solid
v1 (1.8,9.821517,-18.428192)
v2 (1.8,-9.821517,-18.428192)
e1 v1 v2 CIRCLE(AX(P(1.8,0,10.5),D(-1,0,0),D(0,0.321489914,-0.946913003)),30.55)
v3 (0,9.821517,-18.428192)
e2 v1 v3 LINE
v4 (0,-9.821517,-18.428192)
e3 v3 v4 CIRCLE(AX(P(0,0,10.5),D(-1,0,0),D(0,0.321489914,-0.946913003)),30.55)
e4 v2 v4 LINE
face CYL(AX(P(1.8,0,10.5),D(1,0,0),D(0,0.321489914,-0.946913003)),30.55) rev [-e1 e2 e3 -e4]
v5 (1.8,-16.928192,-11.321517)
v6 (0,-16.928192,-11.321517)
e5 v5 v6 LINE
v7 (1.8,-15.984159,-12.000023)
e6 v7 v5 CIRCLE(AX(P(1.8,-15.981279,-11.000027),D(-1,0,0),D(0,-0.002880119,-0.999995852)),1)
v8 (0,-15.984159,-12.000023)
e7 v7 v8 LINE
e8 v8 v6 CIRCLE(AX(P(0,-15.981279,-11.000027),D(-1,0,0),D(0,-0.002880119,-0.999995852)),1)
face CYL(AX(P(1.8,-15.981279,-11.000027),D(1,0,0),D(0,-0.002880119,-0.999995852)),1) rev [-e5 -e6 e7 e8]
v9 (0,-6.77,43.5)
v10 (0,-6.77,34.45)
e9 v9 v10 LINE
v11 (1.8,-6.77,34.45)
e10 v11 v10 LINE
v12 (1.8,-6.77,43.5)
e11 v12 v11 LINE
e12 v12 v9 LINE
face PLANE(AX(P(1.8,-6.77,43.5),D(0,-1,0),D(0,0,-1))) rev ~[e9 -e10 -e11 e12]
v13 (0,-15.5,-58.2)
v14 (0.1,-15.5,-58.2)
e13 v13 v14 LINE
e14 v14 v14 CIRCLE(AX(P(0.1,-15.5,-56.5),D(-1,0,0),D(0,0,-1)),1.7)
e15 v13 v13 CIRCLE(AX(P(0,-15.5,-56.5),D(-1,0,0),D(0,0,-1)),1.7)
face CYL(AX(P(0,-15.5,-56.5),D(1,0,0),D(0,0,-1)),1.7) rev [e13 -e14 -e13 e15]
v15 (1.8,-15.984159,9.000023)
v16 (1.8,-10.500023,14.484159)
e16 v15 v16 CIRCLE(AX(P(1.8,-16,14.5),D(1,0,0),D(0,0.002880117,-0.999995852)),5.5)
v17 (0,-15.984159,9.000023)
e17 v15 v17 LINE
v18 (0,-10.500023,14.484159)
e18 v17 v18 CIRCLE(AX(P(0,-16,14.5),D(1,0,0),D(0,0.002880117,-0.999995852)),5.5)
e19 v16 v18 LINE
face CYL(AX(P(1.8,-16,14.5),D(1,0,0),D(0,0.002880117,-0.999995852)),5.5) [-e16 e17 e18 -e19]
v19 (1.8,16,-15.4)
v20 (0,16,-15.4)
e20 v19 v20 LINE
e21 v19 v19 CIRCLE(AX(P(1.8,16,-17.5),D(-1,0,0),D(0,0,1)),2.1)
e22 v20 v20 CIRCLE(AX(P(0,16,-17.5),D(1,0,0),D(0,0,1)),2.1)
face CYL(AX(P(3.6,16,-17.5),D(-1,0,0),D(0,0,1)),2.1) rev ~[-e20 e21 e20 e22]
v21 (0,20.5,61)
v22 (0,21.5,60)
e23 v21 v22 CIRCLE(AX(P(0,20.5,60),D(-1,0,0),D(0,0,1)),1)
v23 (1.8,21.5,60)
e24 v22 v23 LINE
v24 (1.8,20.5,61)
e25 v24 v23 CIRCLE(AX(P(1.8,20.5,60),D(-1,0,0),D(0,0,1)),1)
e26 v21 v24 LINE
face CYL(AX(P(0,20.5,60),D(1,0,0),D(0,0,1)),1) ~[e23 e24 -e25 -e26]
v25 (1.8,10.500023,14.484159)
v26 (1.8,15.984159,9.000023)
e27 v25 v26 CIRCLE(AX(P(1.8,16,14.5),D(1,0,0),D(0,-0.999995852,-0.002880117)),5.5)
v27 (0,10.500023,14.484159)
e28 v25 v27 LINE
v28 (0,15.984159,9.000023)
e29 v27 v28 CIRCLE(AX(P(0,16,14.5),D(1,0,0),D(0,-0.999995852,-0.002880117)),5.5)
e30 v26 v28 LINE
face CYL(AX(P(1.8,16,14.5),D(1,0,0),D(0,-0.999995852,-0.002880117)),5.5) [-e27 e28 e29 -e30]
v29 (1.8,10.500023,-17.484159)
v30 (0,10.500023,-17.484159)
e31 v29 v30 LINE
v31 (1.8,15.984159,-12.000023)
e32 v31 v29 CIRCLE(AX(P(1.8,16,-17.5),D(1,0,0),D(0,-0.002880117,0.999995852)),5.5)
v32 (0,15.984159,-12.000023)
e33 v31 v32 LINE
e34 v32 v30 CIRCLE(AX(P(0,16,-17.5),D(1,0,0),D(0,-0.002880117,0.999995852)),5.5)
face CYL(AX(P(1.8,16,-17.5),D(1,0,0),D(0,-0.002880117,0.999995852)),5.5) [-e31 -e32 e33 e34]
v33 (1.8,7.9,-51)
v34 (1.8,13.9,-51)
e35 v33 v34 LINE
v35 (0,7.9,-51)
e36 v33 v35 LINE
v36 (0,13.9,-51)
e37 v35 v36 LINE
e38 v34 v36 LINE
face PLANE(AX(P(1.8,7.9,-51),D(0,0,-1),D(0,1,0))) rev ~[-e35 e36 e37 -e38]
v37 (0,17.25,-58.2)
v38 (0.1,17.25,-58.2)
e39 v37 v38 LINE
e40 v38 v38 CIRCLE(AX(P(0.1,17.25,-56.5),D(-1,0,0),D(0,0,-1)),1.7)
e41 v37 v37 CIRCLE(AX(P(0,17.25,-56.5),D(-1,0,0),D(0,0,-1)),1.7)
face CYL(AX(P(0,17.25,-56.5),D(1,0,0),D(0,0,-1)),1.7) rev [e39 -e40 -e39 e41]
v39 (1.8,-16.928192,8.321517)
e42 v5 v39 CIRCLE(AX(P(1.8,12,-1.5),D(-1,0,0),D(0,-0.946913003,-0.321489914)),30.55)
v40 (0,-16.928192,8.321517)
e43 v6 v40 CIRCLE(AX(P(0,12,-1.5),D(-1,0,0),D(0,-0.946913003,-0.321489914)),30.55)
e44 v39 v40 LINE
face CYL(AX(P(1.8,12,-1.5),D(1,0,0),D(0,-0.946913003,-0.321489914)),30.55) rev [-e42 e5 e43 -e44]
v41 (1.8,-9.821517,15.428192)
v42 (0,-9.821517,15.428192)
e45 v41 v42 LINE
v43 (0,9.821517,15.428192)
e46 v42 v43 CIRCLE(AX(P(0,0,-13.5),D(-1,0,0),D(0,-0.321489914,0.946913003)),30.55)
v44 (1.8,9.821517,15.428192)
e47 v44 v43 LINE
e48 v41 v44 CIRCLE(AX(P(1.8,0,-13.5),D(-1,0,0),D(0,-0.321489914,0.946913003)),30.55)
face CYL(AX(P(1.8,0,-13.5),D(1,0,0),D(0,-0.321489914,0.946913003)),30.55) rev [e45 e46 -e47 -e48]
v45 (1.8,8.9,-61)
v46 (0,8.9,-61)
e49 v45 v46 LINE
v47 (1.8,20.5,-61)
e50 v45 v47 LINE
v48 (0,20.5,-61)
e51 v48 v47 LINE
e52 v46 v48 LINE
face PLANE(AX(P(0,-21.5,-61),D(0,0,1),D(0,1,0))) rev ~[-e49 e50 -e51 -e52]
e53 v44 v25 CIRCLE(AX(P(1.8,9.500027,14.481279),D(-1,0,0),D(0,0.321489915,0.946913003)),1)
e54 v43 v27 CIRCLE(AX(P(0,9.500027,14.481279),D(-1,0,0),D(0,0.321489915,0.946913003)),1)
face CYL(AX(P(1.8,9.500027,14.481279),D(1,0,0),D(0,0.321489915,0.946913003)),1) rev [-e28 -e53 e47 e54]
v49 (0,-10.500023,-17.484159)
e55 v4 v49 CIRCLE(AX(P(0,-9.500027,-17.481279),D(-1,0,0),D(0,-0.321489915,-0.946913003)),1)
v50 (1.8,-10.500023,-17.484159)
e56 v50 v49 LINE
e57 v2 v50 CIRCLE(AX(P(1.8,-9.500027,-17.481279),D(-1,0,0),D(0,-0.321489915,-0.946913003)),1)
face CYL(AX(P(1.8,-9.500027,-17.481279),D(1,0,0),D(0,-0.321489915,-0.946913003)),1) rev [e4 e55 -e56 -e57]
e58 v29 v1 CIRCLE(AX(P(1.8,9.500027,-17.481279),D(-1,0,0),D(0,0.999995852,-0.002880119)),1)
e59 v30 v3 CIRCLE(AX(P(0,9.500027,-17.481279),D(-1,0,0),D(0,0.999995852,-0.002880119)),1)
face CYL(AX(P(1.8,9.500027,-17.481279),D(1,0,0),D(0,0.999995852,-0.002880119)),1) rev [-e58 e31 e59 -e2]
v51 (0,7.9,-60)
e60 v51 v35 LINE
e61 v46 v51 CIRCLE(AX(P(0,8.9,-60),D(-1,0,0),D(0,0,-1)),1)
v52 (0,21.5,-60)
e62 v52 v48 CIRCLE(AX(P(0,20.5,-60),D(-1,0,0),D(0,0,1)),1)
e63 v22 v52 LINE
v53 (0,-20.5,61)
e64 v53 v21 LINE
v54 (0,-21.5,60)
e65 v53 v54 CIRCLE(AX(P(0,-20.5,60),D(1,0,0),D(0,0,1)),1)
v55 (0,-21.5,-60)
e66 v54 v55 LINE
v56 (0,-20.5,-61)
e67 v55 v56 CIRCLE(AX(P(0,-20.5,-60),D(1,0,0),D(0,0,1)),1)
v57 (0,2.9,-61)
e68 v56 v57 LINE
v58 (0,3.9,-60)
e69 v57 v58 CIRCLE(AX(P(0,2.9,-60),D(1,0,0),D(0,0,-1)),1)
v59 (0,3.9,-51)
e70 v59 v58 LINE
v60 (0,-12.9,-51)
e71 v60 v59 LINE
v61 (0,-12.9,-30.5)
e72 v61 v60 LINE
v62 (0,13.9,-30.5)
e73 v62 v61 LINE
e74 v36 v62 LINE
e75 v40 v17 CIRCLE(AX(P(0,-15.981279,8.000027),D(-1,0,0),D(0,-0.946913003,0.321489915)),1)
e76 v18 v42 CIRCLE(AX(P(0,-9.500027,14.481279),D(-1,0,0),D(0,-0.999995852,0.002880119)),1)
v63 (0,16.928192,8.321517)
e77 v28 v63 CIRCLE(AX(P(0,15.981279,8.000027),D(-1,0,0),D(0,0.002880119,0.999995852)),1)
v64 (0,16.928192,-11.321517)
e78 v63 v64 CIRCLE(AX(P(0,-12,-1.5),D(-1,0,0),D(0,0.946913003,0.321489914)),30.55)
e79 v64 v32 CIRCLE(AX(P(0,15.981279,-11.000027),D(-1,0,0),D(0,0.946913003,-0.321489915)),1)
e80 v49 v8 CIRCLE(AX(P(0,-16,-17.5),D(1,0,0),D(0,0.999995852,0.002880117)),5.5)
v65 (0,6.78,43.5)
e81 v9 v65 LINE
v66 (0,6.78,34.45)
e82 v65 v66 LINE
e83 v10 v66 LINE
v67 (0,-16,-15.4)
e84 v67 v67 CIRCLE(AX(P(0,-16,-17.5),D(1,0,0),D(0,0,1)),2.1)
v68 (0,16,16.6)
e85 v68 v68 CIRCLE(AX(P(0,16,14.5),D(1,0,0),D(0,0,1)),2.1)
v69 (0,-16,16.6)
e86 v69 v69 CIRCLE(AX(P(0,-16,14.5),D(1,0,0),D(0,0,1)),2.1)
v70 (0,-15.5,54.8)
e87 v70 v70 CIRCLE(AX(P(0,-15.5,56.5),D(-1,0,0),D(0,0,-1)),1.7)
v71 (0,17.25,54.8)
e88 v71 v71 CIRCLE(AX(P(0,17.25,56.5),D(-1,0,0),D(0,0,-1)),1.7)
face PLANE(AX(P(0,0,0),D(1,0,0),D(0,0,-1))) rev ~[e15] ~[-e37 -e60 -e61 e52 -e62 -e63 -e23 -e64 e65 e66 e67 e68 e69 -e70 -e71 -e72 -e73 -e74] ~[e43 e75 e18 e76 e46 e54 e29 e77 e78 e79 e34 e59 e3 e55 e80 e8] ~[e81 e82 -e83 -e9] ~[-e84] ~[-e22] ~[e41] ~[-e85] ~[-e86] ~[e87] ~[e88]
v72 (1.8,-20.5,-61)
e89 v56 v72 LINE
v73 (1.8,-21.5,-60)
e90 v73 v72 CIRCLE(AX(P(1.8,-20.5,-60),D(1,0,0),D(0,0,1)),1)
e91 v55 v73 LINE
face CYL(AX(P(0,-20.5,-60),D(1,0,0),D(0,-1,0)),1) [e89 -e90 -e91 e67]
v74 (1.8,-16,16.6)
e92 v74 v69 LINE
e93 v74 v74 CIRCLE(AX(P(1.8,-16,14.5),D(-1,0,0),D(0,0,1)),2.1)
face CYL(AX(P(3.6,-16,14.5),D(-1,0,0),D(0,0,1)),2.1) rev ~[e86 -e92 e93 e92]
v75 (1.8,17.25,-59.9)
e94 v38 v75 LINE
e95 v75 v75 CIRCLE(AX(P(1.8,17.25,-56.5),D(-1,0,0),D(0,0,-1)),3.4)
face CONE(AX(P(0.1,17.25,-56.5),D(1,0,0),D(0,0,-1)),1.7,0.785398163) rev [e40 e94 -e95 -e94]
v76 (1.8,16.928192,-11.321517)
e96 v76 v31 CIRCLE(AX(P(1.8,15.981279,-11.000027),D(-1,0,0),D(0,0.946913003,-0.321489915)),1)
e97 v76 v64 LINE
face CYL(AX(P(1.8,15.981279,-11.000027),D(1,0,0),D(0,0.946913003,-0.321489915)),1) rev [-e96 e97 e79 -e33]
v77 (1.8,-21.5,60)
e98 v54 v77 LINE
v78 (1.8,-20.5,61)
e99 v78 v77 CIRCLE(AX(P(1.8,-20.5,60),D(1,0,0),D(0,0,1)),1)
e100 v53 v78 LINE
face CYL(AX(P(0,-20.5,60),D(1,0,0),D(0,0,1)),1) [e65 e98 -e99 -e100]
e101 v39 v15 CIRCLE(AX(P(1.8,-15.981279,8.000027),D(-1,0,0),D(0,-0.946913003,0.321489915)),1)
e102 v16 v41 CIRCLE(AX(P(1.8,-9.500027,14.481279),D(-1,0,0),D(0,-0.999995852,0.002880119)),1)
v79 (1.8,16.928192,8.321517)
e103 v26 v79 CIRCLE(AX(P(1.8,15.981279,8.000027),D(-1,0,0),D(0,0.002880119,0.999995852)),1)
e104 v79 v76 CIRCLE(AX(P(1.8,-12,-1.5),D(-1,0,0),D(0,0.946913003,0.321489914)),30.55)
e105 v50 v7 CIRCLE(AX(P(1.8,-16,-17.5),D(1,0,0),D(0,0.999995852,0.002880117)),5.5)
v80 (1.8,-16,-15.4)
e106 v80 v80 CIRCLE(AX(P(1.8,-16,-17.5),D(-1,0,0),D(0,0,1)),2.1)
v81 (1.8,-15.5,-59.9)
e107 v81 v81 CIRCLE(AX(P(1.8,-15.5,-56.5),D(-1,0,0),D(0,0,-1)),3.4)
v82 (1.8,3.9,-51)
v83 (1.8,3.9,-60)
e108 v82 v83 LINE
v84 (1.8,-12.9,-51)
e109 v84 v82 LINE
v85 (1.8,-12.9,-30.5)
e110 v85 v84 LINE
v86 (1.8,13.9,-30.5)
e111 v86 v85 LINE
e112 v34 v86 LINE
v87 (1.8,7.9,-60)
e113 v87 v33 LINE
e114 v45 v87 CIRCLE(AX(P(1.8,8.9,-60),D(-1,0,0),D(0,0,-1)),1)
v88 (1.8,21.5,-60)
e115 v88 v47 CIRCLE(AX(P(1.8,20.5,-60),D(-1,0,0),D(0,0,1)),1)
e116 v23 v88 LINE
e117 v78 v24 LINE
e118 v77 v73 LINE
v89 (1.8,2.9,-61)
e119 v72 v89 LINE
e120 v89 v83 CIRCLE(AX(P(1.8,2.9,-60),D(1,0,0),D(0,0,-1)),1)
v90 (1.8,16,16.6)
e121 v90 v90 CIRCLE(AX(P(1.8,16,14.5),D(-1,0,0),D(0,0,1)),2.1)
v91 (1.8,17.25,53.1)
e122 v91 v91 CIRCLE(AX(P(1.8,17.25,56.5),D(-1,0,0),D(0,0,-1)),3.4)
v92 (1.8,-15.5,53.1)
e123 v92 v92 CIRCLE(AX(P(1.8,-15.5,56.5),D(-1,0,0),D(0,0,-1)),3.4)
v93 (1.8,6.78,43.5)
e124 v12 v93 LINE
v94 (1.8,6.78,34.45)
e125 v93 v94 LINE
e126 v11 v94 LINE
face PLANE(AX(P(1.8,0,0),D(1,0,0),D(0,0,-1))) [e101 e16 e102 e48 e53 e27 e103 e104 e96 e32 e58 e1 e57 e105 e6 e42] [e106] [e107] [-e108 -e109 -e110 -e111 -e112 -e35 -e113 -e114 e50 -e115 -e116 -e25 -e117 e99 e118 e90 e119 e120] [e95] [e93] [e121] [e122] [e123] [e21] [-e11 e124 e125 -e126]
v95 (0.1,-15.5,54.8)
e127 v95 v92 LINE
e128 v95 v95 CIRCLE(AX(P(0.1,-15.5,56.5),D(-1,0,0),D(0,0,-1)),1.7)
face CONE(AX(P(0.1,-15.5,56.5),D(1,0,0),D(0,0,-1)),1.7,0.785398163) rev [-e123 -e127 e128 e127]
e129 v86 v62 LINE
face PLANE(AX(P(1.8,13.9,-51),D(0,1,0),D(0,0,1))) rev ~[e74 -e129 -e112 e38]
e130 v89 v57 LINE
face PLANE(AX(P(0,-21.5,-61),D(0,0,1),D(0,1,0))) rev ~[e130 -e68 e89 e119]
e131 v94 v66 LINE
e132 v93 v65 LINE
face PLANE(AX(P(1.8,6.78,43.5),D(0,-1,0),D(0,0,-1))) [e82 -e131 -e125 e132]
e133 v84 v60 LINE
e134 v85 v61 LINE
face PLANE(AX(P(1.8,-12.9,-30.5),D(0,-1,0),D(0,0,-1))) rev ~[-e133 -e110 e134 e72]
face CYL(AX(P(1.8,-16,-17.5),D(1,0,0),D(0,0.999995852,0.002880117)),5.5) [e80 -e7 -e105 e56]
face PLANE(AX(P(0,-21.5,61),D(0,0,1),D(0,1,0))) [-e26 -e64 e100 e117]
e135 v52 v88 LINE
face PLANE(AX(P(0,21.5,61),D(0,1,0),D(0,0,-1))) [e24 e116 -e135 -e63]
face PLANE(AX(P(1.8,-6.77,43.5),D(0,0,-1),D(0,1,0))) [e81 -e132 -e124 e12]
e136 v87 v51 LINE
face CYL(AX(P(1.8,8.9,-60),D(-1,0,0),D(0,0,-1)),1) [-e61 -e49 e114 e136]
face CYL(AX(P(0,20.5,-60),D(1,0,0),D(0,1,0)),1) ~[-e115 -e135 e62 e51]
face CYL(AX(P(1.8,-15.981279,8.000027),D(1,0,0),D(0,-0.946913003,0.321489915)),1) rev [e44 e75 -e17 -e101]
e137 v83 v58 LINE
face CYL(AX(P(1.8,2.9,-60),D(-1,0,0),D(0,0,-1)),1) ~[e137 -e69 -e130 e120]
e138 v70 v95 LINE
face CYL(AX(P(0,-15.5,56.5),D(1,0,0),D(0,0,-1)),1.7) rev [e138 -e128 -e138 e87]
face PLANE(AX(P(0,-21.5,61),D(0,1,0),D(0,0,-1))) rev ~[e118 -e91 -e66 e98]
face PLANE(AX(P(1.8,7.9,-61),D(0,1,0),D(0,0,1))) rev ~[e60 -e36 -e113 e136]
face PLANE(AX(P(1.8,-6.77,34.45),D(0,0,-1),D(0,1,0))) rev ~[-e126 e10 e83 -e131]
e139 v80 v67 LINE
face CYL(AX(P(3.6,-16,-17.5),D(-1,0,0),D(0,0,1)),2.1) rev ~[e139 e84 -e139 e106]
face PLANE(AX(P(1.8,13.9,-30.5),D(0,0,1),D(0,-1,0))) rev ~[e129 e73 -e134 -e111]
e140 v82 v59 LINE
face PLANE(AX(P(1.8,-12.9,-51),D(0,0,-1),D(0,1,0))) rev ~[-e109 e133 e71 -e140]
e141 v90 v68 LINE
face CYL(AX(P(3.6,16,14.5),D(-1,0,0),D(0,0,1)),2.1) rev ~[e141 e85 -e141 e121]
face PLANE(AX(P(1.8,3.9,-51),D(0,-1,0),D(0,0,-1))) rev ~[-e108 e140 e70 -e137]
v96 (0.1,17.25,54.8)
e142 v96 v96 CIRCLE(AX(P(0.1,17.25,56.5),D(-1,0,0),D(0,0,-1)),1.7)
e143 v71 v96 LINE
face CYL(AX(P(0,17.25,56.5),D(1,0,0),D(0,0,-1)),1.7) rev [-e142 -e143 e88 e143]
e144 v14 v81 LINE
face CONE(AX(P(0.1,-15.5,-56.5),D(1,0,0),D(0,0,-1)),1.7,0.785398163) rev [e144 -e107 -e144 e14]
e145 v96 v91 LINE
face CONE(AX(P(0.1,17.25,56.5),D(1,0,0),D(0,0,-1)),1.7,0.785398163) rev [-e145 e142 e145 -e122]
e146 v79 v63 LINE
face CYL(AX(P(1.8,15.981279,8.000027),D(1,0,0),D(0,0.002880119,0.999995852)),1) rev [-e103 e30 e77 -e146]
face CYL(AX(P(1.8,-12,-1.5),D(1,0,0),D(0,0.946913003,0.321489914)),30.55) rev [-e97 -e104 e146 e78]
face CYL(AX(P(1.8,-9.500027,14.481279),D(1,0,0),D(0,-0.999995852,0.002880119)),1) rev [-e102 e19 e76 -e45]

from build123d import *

# Parameters (mm, degrees)
SKETCH1_W                                    = 122
SKETCH1_H                                    = 43
BOSS_EXTRUDE1_DEPTH                          = 1.8
SKETCH2_W                                    = 9.05
SKETCH2_H                                    = 13.55
CUT_EXTRUDE1_DEPTH                           = 1.8
CSK_FOR_M3_COUNTERSUNK_FLAT_HEAD_SCR_2_COUNT = 2
CSK_FOR_M3_COUNTERSUNK_FLAT_HEAD_SCR_2_PITCH = 32.75
CSK_FOR_M3_COUNTERSUNK_FLAT_HEAD_SCR_3_COUNT = 2
CSK_FOR_M3_COUNTERSUNK_FLAT_HEAD_SCR_3_PITCH = 117.650169996
CSK_FOR_M3_COUNTERSUNK_FLAT_HEAD_SCR_4_COUNT = 2
CSK_FOR_M3_COUNTERSUNK_FLAT_HEAD_SCR_4_PITCH = 113
CUT_EXTRUDE2_DEPTH                           = 1.8
FILLET1_R                                    = 1
F_4_2_4_2_DIAMETER_HOLE1_D                   = 4.2
F_4_2_4_2_DIAMETER_HOLE1_DEPTH               = 1.8
F_4_2_4_2_DIAMETER_HOLE1_TIP                 = 1.2618073
CUT_EXTRUDE3_DEPTH                           = 1.8


with BuildPart() as part:
    # Sketch1 → Boss-Extrude1 (new body)
    with BuildSketch(Plane(origin=(0, 0, 0), x_dir=(0, 0, -1), z_dir=(1, 0, 0))):
        Rectangle(SKETCH1_W, SKETCH1_H)
    extrude(amount=BOSS_EXTRUDE1_DEPTH)

    # Sketch2 → Cut-Extrude1 (cut)
    with BuildSketch(Plane(origin=(1.8, 0, 0), x_dir=(0, 0, -1), z_dir=(1, 0, 0))):
        with Locations((-38.975, 0.005)):
            Rectangle(SKETCH2_W, SKETCH2_H)
    extrude(amount=-CUT_EXTRUDE1_DEPTH, mode=Mode.SUBTRACT)

    # Sketch3 → CSK for M3 Countersunk Flat Head Screw1 (revolve, cut)
    with BuildSketch(Plane(origin=(1.8, -15.5, 56.5), x_dir=(0, 0, -1), z_dir=(0, 1, 0))):
        Polygon((0, 0), (0, 1.8), (1.7, 1.8), (1.7, 1.7), (3.4, 0), align=None)
    csk_for_m3_countersunk_flat_head_screw1 = revolve(axis=Axis((8.15, -15.5, 56.5), (-1, 0, 0)), mode=Mode.SUBTRACT)

    # CSK for M3 Countersunk Flat Head Scr 2: CSK for M3 Countersunk Flat Head Screw1 ×2
    with Locations(*[(0, i * CSK_FOR_M3_COUNTERSUNK_FLAT_HEAD_SCR_2_PITCH, 0) for i in range(1, CSK_FOR_M3_COUNTERSUNK_FLAT_HEAD_SCR_2_COUNT)]):
        add(csk_for_m3_countersunk_flat_head_screw1, mode=Mode.SUBTRACT)

    # CSK for M3 Countersunk Flat Head Scr 3: CSK for M3 Countersunk Flat Head Screw1 ×2
    with Locations(*[Vector(0, 0.278367639, -0.9604746) * (i * CSK_FOR_M3_COUNTERSUNK_FLAT_HEAD_SCR_3_PITCH) for i in range(1, CSK_FOR_M3_COUNTERSUNK_FLAT_HEAD_SCR_3_COUNT)]):
        add(csk_for_m3_countersunk_flat_head_screw1, mode=Mode.SUBTRACT)

    # CSK for M3 Countersunk Flat Head Scr 4: CSK for M3 Countersunk Flat Head Screw1 ×2
    with Locations(*[(0, 0, -i * CSK_FOR_M3_COUNTERSUNK_FLAT_HEAD_SCR_4_PITCH) for i in range(1, CSK_FOR_M3_COUNTERSUNK_FLAT_HEAD_SCR_4_COUNT)]):
        add(csk_for_m3_countersunk_flat_head_screw1, mode=Mode.SUBTRACT)

    # Sketch5 → Cut-Extrude2 (cut)
    with BuildSketch(Plane(origin=(1.8, 0, 0), x_dir=(0, 0, -1), z_dir=(1, 0, 0))):
        Polygon((30.5, -12.9), (51, -12.9), (51, 3.9), (61, 3.9), (61, 7.9), (51, 7.9), (51, 13.9), (30.5, 13.9), align=None)
    extrude(amount=-CUT_EXTRUDE2_DEPTH, mode=Mode.SUBTRACT)

    # Fillet1
    fillet1_edges = [part.edges().sort_by_distance(p)[0] for p in [
        (0.9, 7.9, -61),
        (0.9, 3.9, -61),
        (0.9, 21.5, 61),
        (0.9, 21.5, -61),
        (0.9, -21.5, -61),
        (0.9, -21.5, 61),
    ]]
    fillet(fillet1_edges, radius=FILLET1_R)

    # Ø4.2 (4.2) Diameter Hole1
    with Locations(Plane(origin=(1.8, 0, 0), x_dir=(0, 0, -1), z_dir=(1, 0, 0))):
        with Locations((-14.5, 16), (17.5, 16), (17.5, -16), (-14.5, -16)):
            Hole(F_4_2_4_2_DIAMETER_HOLE1_D / 2, depth=F_4_2_4_2_DIAMETER_HOLE1_DEPTH)
            with Locations((0, 0, -(F_4_2_4_2_DIAMETER_HOLE1_DEPTH + F_4_2_4_2_DIAMETER_HOLE1_TIP / 2))):  # 118° drill point
                Cone(0, F_4_2_4_2_DIAMETER_HOLE1_D / 2, F_4_2_4_2_DIAMETER_HOLE1_TIP, mode=Mode.SUBTRACT)

    # Sketch8 → Cut-Extrude3 (cut)
    with BuildSketch(Plane(origin=(1.8, 0, 0), x_dir=(0, 0, -1), z_dir=(1, 0, 0))):
        with BuildLine():
            ThreePointArc((12.000022812, 15.984159355), (13.610912703, 12.110912703), (17.484159355, 10.500022812))
            ThreePointArc((17.484159355, 10.500022812), (18.064905248, 10.312049545), (18.428192241, 9.821516873))
            ThreePointArc((18.428192241, 9.821516873), (20.05, 0), (18.428192241, -9.821516873))
            ThreePointArc((18.428192241, -9.821516873), (18.064905248, -10.312049545), (17.484159355, -10.500022812))
            ThreePointArc((17.484159355, -10.500022812), (13.610912703, -12.110912703), (12.000022812, -15.984159355))
            ThreePointArc((12.000022812, -15.984159355), (11.812049545, -16.564905248), (11.321516873, -16.928192241))
            ThreePointArc((11.321516873, -16.928192241), (1.5, -18.55), (-8.321516873, -16.928192241))
            ThreePointArc((-8.321516873, -16.928192241), (-8.812049545, -16.564905248), (-9.000022812, -15.984159355))
            ThreePointArc((-9.000022812, -15.984159355), (-10.610912703, -12.110912703), (-14.484159355, -10.500022812))
            ThreePointArc((-14.484159355, -10.500022812), (-15.064905248, -10.312049545), (-15.428192241, -9.821516873))
            ThreePointArc((-15.428192241, -9.821516873), (-17.05, 0), (-15.428192241, 9.821516873))
            ThreePointArc((-15.428192241, 9.821516873), (-15.064905248, 10.312049545), (-14.484159355, 10.500022812))
            ThreePointArc((-14.484159355, 10.500022812), (-10.610912703, 12.110912703), (-9.000022812, 15.984159355))
            ThreePointArc((-9.000022812, 15.984159355), (-8.812049545, 16.564905248), (-8.321516873, 16.928192241))
            ThreePointArc((-8.321516873, 16.928192241), (1.5, 18.55), (11.321516873, 16.928192241))
            ThreePointArc((11.321516873, 16.928192241), (11.812049545, 16.564905248), (12.000022812, 15.984159355))
        make_face()
    extrude(amount=-CUT_EXTRUDE3_DEPTH, mode=Mode.SUBTRACT)


solid = part.part
